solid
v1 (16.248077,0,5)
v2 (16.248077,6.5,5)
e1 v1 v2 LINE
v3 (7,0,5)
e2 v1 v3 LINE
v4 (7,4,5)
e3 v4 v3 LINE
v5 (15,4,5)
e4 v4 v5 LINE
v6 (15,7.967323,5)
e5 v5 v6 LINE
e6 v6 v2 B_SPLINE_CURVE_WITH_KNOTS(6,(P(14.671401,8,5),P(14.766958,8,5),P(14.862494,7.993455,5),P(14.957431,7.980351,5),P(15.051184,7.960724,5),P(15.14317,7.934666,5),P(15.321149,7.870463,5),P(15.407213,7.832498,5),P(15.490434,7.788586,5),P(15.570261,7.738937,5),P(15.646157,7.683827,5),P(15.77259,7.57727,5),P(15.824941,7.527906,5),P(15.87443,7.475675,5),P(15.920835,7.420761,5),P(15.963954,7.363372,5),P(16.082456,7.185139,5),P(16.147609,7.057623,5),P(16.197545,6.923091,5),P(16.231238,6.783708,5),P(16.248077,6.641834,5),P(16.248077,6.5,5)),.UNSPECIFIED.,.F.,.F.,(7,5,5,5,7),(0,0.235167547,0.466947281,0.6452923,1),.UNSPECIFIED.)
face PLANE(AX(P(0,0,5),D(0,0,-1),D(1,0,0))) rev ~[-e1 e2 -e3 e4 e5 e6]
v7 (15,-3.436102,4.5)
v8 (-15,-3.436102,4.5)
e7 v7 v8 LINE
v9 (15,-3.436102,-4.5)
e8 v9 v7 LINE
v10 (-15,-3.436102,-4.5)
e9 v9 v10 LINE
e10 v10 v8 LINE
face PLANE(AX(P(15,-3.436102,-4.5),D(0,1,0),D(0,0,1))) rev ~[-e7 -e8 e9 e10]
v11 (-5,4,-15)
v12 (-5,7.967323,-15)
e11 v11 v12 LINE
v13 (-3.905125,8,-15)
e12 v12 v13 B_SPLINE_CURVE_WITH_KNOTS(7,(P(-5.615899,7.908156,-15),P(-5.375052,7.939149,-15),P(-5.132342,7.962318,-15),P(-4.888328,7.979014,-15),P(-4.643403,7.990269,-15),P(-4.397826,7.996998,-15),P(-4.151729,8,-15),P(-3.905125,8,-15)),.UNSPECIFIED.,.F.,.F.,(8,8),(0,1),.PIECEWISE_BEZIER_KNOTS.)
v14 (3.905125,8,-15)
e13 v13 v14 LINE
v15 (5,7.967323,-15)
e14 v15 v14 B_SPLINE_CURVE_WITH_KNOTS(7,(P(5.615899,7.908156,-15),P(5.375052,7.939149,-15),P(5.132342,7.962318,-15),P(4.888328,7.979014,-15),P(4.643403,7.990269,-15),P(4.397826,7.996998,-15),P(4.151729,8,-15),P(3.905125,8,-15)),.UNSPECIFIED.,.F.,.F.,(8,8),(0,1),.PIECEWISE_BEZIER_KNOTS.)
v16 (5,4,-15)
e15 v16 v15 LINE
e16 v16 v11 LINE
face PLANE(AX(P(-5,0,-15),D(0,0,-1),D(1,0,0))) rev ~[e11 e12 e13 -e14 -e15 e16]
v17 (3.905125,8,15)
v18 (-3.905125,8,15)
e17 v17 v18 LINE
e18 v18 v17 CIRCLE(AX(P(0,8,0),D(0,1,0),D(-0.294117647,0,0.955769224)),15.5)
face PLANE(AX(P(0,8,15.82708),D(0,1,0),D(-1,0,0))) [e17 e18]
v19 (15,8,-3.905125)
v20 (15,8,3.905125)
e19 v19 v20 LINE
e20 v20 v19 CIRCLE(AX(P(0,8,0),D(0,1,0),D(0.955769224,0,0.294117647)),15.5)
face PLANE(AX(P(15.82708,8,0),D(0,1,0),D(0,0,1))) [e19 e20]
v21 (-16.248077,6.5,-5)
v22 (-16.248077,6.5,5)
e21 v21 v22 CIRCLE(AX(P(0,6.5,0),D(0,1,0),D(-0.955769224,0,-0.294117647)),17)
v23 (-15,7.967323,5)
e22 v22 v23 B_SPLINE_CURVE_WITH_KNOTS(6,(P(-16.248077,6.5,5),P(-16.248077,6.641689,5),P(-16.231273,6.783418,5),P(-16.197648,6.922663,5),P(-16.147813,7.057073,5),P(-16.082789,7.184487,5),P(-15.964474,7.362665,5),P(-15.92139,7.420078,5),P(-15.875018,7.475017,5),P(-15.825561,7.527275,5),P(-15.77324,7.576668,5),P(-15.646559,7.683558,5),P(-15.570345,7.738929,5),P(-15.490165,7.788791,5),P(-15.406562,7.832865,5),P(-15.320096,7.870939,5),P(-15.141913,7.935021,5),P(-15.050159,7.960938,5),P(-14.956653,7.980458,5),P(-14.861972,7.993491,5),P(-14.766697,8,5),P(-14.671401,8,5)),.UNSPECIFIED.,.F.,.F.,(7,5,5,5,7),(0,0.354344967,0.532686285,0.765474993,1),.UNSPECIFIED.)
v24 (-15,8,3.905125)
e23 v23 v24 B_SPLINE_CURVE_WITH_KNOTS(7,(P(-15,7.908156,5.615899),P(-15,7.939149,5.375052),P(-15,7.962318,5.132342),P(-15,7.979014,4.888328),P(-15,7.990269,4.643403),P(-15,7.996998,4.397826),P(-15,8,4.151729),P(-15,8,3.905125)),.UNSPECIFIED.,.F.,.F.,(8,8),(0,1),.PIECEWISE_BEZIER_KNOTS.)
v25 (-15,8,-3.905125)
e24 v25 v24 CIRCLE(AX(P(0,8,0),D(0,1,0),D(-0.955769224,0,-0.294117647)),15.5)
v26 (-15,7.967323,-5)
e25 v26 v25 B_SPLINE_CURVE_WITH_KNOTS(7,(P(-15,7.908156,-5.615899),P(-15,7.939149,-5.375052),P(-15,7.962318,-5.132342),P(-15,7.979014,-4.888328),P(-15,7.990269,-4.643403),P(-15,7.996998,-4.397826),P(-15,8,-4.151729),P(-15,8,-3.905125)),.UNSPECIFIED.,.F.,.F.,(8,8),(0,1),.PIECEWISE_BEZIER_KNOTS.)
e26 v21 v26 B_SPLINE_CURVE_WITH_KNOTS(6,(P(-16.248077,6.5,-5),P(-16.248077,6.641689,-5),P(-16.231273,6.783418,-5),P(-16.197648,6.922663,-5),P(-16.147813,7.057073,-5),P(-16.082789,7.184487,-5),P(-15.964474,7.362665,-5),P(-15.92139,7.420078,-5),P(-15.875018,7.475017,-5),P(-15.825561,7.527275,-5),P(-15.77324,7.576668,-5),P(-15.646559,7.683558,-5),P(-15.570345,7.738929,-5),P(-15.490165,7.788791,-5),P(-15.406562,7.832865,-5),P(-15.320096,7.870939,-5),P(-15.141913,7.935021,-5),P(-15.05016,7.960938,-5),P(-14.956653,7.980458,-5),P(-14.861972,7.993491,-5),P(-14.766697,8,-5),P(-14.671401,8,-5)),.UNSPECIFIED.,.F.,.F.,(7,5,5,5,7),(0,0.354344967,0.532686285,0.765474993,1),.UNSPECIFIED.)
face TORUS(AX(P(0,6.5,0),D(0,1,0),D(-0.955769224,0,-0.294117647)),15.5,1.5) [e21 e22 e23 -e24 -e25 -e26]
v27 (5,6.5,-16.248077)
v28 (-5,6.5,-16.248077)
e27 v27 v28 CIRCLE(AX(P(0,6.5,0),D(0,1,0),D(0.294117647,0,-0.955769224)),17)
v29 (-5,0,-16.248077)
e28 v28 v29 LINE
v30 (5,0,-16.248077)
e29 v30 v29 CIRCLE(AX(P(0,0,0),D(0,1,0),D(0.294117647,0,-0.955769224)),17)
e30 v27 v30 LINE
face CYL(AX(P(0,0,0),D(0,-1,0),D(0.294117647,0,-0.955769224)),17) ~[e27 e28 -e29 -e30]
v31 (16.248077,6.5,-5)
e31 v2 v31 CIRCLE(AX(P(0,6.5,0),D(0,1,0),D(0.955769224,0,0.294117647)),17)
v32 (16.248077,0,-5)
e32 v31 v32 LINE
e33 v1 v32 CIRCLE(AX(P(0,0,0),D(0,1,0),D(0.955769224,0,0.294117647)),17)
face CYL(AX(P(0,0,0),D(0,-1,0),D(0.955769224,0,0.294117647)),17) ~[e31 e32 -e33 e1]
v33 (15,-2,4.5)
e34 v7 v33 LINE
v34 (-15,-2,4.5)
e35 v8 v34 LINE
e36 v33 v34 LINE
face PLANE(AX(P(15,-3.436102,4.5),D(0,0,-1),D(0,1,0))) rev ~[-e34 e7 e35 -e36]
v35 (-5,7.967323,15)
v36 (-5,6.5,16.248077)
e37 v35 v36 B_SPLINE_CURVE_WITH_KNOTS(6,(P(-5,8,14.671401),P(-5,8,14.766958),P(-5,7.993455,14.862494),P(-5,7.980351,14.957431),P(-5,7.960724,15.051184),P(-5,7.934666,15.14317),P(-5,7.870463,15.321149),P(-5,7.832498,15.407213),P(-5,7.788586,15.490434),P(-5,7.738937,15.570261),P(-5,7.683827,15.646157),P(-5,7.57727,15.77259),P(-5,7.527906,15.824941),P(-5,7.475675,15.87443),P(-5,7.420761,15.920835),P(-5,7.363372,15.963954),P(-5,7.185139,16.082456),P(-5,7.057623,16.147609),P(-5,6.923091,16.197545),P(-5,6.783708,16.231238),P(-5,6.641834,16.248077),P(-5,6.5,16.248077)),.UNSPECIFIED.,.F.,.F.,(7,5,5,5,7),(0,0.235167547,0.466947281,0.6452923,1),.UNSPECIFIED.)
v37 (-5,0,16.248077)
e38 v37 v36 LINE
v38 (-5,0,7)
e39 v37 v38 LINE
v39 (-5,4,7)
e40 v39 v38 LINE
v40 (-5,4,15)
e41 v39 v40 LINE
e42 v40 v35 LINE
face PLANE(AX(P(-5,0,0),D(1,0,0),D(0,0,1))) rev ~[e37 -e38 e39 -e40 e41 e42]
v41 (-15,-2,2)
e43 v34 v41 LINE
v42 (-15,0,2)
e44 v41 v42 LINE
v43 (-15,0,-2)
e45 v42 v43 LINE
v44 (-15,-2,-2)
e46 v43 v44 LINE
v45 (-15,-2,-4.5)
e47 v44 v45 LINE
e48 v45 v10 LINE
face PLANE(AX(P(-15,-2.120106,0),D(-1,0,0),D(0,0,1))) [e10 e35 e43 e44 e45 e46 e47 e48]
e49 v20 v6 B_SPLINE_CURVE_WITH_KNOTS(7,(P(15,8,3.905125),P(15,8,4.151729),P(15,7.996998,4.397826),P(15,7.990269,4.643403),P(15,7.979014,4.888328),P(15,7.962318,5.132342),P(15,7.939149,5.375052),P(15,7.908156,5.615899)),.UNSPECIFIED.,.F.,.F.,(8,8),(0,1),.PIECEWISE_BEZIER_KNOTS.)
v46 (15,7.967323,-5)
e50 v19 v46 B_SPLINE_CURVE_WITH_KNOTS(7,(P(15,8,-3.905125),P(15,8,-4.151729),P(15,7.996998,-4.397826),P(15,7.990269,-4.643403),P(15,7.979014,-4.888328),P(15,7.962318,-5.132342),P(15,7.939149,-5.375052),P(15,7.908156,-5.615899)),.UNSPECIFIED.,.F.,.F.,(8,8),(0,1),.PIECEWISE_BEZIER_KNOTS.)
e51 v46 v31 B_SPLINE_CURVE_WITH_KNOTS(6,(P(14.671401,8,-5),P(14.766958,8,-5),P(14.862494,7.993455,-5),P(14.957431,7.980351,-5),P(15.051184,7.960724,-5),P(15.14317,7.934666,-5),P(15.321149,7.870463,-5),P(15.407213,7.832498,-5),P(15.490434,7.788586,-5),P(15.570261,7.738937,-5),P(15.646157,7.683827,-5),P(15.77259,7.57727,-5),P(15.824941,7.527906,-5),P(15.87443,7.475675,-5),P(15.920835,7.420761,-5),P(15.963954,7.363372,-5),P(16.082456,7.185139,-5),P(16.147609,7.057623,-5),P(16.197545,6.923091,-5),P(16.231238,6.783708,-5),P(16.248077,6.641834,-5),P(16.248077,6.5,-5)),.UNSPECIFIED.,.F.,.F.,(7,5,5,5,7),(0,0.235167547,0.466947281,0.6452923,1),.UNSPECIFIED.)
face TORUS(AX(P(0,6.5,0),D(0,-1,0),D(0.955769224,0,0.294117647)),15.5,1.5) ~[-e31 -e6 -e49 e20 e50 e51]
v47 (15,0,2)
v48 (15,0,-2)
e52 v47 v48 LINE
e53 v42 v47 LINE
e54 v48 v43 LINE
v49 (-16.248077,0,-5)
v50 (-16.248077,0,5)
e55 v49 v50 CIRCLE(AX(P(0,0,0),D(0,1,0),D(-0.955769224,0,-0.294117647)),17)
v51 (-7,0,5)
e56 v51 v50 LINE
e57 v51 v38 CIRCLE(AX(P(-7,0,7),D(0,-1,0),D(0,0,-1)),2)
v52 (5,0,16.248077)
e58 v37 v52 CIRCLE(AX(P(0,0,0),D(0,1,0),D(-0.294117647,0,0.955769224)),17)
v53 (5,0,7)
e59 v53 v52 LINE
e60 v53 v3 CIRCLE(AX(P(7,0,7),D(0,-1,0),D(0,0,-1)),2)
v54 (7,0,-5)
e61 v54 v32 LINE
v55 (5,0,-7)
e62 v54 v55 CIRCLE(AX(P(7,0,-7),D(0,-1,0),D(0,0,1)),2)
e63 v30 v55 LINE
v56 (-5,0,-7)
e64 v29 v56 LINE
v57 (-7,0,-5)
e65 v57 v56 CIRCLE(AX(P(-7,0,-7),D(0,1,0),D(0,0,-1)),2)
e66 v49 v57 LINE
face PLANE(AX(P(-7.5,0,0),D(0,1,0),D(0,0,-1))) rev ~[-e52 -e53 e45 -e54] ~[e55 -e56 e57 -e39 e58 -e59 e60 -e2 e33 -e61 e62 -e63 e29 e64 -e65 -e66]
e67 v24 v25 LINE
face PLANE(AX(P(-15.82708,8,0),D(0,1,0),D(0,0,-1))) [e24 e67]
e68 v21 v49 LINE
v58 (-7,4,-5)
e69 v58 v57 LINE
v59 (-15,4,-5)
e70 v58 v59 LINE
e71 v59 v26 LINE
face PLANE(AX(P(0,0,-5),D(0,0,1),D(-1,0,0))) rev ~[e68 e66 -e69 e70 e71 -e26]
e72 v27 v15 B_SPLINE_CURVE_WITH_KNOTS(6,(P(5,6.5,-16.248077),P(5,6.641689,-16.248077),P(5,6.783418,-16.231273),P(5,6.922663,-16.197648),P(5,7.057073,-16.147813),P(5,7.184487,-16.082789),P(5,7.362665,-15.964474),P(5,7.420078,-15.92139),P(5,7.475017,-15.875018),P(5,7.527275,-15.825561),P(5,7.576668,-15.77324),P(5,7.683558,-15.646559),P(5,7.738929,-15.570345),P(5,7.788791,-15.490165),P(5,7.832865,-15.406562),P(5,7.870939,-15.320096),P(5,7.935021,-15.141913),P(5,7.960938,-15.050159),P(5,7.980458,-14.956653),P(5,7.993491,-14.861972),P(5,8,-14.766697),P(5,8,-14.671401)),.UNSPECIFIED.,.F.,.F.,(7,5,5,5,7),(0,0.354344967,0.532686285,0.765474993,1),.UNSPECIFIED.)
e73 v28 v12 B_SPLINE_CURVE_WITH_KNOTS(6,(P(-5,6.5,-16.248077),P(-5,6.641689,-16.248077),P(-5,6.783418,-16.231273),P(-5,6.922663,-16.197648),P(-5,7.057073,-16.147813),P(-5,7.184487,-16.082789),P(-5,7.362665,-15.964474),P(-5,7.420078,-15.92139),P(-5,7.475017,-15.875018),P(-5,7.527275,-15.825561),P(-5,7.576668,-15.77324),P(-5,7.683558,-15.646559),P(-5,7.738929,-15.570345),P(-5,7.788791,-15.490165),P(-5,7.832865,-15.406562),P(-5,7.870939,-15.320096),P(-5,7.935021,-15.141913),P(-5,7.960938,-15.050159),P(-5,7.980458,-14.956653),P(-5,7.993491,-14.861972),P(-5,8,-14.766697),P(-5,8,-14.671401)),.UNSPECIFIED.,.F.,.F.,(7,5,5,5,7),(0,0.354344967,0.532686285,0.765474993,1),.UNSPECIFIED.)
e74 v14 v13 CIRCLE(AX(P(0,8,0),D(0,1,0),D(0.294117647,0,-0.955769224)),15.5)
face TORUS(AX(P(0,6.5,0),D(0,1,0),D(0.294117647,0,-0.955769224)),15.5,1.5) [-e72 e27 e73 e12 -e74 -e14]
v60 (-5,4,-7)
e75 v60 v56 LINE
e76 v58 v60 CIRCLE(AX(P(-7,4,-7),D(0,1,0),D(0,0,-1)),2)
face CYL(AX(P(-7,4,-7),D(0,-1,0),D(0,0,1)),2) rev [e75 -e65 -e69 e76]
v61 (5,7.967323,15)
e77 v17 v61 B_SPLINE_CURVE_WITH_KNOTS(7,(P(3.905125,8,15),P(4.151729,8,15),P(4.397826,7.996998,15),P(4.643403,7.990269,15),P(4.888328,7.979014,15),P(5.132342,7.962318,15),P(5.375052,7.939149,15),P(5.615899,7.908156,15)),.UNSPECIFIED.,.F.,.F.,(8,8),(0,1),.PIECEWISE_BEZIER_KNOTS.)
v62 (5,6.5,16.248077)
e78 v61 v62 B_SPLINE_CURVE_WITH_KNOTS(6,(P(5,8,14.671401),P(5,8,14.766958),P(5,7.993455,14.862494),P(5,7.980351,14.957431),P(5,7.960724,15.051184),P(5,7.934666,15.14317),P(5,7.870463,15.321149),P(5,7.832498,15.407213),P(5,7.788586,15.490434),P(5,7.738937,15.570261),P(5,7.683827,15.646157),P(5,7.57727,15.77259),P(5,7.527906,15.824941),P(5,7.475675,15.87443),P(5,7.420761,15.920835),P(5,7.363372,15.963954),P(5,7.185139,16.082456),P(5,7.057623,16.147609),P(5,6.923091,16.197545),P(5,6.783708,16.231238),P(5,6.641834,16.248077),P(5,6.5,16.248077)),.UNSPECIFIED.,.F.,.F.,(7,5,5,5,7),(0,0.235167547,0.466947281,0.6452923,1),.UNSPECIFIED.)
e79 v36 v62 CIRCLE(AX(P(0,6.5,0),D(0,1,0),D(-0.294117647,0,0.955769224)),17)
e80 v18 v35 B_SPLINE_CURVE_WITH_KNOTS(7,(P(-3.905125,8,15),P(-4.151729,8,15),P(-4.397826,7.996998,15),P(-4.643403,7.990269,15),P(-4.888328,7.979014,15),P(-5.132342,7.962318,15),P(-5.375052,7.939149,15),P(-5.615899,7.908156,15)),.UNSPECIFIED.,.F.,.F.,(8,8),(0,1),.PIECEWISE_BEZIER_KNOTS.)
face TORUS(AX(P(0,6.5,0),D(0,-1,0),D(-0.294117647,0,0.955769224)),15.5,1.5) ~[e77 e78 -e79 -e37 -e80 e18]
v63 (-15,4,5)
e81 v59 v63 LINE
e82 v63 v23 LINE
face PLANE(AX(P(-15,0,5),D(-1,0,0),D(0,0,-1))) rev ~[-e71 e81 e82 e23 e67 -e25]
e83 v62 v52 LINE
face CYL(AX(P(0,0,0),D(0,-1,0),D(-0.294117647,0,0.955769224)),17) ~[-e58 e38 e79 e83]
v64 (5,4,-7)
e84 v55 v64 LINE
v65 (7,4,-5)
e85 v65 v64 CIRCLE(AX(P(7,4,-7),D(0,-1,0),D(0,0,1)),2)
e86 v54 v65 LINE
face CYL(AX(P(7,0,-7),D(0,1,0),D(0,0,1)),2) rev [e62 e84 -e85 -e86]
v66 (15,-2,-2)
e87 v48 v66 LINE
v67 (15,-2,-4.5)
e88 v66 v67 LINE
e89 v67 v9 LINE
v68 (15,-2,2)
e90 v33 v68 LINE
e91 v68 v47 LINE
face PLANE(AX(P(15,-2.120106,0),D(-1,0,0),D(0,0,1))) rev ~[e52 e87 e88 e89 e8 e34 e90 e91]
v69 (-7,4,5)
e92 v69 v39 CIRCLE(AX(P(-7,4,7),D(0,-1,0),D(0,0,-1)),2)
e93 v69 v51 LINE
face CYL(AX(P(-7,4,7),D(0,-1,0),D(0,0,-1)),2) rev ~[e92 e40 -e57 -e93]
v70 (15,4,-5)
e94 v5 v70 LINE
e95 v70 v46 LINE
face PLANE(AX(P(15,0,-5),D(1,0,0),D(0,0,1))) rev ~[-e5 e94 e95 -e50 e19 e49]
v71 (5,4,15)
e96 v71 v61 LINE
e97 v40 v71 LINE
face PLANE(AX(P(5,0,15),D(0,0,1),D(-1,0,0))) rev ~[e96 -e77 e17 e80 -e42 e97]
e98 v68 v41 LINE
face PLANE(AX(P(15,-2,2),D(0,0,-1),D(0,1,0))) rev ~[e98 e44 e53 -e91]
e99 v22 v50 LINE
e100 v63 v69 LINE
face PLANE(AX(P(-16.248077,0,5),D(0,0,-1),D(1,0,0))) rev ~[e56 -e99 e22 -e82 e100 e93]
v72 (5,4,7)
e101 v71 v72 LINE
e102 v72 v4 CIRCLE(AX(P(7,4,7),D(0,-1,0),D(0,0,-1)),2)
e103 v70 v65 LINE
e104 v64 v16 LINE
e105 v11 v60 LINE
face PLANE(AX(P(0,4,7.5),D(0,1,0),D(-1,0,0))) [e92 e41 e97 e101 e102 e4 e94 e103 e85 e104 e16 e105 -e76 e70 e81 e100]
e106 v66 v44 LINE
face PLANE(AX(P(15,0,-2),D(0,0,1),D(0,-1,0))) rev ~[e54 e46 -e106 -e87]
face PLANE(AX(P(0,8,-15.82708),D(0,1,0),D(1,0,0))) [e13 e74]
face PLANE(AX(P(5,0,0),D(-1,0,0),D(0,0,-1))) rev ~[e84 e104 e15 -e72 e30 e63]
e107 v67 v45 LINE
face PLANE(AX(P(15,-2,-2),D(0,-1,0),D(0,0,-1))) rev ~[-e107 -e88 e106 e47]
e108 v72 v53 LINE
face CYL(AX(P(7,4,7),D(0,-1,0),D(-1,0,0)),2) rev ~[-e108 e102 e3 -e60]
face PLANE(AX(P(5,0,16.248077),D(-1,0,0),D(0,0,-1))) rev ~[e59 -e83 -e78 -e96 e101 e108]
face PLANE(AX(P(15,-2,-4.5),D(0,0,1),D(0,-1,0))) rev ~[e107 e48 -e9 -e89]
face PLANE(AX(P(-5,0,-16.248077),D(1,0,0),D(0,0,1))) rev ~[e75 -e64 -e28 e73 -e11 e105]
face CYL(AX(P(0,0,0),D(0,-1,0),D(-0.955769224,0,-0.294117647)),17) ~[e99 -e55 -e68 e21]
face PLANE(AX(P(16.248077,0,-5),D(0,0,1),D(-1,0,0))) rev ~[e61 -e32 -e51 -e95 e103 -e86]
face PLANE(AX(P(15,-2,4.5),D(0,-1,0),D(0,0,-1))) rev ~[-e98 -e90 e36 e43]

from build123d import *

# Parameters (mm, degrees)
BOSS_EXTRUDE1_DEPTH      = 4
BOSS_EXTRUDE6_DEPTH      = 8
BOSS_EXTRUDE5_DEPTH      = 15
BOSS_EXTRUDE5_DEPTH_BACK = 15
FILLET2_R                = 1.5
CIRPATTERN2_COUNT        = 4
FILLET2_OF_CIRPATTERN2_R = 1.5
FILLET4_R                = 2


with BuildPart() as part:
    # Sketch1 → Boss-Extrude1 (new body)
    with BuildSketch(Plane(origin=(0, 0, 0), x_dir=(1, 0, 0), z_dir=(0, 1, 0))):
        with BuildLine():
            ThreePointArc((5, 16.248076809), (0, 17), (-5, 16.248076809))
            Line((-5, 16.248076809), (-5, 0))
            Line((-5, 0), (5, 0))
            Line((5, 0), (5, 16.248076809))
        make_face()
    boss_extrude1 = extrude(amount=BOSS_EXTRUDE1_DEPTH)

    # Sketch1<6> → Boss-Extrude6 (add)
    with BuildSketch(Plane(origin=(0, 0, 0), x_dir=(1, 0, 0), z_dir=(0, 1, 0))):
        with BuildLine():
            Line((5, 15), (5, 16.248076809))
            ThreePointArc((5, 16.248076809), (0, 17), (-5, 16.248076809))
            Line((-5, 16.248076809), (-5, 15))
            Line((-5, 15), (5, 15))
        make_face()
    boss_extrude6 = extrude(amount=BOSS_EXTRUDE6_DEPTH)

    # Sketch4 → Boss-Extrude5 (add, two sides: drawn at the far end of the back side and taken through both)
    with BuildSketch(Plane.ZY.offset(-BOSS_EXTRUDE5_DEPTH_BACK)):
        Polygon((-2, 0), (-2, -2), (-4.5, -2), (-4.5, -3.436102186), (4.5, -3.436102186), (4.5, -2), (2, -2), (2, 0), align=None)
    extrude(amount=BOSS_EXTRUDE5_DEPTH + BOSS_EXTRUDE5_DEPTH_BACK)

    # Fillet2
    fillet2_edges = [part.edges().sort_by_distance(p)[0] for p in [
        (0, 8, -17),
    ]]
    fillet(fillet2_edges, radius=FILLET2_R)

    # CirPattern2: Boss-Extrude1, Boss-Extrude6 ×4 about axis
    cirpattern2_axis = Axis((0, 0, 0), (0, 1, 0))
    add([boss_extrude1.rotate(cirpattern2_axis, i * 360 / CIRPATTERN2_COUNT) for i in range(1, CIRPATTERN2_COUNT)])
    add([boss_extrude6.rotate(cirpattern2_axis, i * 360 / CIRPATTERN2_COUNT) for i in range(1, CIRPATTERN2_COUNT)])

    # Fillet2 of CirPattern2
    fillet2_of_cirpattern2_edges = [part.edges().sort_by_distance(p)[0] for p in [
        (-17, 8, 0),
        (0, 8, 17),
        (17, 8, 0),
    ]]
    fillet(fillet2_of_cirpattern2_edges, radius=FILLET2_OF_CIRPATTERN2_R)

    # Fillet4
    fillet4_edges = [part.edges().sort_by_distance(p)[0] for p in [
        (-5, 2, 5),
        (5, 2, 5),
        (5, 2, -5),
        (-5, 2, -5),
    ]]
    fillet(fillet4_edges, radius=FILLET4_R)


solid = part.part
